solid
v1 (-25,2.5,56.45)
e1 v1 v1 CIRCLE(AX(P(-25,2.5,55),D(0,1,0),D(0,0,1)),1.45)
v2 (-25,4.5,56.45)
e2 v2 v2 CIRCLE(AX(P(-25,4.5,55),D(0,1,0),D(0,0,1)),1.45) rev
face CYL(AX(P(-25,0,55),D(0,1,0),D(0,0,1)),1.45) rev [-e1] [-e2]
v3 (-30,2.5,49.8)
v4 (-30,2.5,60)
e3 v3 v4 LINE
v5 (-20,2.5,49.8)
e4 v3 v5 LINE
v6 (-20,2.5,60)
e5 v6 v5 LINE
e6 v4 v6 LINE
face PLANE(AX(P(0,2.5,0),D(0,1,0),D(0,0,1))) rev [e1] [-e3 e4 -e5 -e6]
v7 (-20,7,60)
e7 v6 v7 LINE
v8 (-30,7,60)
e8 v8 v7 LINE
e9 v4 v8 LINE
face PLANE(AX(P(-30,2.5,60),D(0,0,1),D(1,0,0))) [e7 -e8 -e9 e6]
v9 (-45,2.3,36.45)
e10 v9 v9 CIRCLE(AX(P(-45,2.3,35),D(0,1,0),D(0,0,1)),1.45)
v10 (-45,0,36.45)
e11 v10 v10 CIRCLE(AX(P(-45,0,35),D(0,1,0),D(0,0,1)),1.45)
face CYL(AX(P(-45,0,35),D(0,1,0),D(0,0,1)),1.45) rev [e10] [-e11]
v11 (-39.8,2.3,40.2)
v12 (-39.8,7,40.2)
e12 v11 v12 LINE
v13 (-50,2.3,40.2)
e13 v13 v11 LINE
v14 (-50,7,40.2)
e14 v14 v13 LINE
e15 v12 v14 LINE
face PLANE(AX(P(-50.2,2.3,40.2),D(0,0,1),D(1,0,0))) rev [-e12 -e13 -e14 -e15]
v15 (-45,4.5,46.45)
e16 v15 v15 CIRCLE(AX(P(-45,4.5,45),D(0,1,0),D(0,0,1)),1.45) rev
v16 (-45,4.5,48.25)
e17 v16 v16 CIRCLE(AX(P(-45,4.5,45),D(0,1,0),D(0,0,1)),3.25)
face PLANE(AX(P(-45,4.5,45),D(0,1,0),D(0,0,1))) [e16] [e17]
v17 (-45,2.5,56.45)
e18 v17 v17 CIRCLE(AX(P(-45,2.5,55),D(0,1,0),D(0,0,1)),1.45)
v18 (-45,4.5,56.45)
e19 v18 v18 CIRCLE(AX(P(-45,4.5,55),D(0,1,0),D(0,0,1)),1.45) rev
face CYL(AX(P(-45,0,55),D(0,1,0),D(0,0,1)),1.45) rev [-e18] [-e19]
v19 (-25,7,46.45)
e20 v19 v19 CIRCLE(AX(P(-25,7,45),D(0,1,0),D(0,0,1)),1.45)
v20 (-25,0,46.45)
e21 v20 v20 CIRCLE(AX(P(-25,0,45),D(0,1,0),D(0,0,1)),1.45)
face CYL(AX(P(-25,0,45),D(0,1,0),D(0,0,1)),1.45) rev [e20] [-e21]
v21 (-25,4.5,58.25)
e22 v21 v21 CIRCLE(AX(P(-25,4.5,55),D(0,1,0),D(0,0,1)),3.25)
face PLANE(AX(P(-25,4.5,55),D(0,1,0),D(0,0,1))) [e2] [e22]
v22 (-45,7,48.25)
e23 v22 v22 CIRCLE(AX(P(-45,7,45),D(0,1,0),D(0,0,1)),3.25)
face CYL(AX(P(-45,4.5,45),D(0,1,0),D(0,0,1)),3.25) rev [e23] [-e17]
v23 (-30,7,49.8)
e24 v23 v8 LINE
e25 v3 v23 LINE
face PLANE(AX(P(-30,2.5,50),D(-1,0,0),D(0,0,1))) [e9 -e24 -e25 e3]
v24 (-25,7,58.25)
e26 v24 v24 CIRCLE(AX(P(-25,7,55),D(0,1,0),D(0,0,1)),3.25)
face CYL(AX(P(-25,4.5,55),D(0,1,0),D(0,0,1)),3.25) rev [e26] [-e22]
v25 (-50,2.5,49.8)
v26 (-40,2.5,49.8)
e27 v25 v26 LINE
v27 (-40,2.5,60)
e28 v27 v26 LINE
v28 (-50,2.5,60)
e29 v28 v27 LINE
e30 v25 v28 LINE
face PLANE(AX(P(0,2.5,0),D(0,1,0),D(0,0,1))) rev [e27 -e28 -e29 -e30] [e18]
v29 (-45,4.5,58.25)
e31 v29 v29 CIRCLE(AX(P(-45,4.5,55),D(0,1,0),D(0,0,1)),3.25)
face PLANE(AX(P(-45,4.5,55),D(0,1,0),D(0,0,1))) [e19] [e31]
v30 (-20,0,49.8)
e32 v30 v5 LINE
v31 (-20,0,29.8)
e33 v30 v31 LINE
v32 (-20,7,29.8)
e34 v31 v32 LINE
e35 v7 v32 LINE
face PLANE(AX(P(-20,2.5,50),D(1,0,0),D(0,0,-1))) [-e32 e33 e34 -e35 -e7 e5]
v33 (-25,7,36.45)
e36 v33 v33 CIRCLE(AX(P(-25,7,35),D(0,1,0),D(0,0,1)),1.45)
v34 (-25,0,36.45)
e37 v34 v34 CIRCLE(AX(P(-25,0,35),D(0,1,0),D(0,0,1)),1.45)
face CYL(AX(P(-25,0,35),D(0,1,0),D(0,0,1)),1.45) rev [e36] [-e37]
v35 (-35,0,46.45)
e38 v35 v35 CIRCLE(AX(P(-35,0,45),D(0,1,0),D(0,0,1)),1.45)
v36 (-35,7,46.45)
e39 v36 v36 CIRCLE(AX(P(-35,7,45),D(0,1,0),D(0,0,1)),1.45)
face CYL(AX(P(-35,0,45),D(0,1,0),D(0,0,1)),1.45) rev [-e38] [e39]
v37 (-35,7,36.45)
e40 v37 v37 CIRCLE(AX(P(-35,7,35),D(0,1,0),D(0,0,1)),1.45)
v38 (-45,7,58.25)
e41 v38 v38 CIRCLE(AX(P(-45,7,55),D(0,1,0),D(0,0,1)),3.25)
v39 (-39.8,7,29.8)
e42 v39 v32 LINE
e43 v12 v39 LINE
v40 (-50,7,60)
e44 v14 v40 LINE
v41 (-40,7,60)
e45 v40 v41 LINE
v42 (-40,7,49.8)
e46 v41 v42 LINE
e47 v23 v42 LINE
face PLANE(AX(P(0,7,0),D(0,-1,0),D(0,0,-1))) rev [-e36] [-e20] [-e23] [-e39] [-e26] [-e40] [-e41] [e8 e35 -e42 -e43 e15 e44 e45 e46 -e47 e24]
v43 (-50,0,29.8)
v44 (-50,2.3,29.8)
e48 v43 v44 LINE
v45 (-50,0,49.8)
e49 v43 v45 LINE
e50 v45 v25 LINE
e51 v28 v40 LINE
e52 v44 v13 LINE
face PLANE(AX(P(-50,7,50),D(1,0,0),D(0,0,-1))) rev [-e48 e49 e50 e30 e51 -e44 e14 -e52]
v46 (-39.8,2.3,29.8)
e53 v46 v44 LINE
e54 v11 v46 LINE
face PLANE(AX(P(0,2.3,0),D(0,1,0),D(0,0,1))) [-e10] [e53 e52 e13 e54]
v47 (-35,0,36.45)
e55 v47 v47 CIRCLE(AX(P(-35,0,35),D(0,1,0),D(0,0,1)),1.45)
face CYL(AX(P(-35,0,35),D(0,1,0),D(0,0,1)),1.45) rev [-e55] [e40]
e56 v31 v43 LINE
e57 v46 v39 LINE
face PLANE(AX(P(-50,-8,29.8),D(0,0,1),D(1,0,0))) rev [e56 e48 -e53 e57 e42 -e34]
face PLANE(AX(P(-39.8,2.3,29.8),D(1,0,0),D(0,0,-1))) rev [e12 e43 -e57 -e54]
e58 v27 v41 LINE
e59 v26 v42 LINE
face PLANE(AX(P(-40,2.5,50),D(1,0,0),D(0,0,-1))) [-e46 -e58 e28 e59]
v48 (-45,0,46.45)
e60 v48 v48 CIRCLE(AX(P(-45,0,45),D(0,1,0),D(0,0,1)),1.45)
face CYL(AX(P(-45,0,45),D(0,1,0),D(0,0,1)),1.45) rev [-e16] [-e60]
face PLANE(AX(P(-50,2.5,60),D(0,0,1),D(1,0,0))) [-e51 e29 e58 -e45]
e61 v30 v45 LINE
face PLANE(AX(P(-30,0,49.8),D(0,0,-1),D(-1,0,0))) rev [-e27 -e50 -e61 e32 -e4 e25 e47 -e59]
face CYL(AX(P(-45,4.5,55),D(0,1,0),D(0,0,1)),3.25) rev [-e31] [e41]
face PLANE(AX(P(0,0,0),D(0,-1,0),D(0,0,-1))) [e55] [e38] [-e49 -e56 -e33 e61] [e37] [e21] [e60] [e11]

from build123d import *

# Parameters (mm, degrees)
CROQUIS1_W              = 100
CROQUIS1_H              = 100
SALIENTE_EXTRUIR1_DEPTH = 7
CROQUIS2_W              = 10.4
CROQUIS2_H              = 10.4
CORTAR_EXTRUIR1_DEPTH   = 4.7
CROQUIS3_W              = 10
CROQUIS3_H              = 10
SALIENTE_EXTRUIR2_DEPTH = 4.5
CROQUIS4_R              = 1.45
CORTAR_EXTRUIR2_DEPTH   = 7
CROQUIS5_R              = 3.25
CORTAR_EXTRUIR4_DEPTH   = 2.5
CROQUIS6_W              = 10
CROQUIS6_H              = 0.2
CROQUIS6_W_2            = 0.2
CROQUIS6_H_2            = 9.8
CORTAR_EXTRUIR5_DEPTH   = 7
CROQUIS8_W              = 10.2
CROQUIS8_H              = 10
CORTAR_EXTRUIR7_DEPTH   = 7
CROQUIS9_W              = 10.012239445
CROQUIS9_H              = 0.2
CROQUIS9_W_2            = 0.2
CROQUIS9_H_2            = 10.2
CORTAR_EXTRUIR9_DEPTH   = 2.5
CROQUIS10_W             = 0.2
CROQUIS10_H             = 0.2
CORTAR_EXTRUIR11_DEPTH  = 5
CORTAR_EXTRUIR13_DEPTH  = 15


with BuildPart() as part:
    # Croquis1 → Saliente-Extruir1 (new body)
    with BuildSketch(Plane(origin=(0, 0, 0), x_dir=(1, 0, 0), z_dir=(0, 1, 0))):
        Rectangle(CROQUIS1_W, CROQUIS1_H)
    extrude(amount=SALIENTE_EXTRUIR1_DEPTH)

    # Croquis2 → Cortar-Extruir1 (cut)
    with BuildSketch(Plane(origin=(0, 7, 0), x_dir=(1, 0, 0), z_dir=(0, 1, 0))):
        with Locations((-45, 45)):
            Rectangle(CROQUIS2_W, CROQUIS2_H)
        with Locations((-25, 45)):
            Rectangle(CROQUIS2_W, CROQUIS2_H)
        with Locations((-5, 45)):
            Rectangle(CROQUIS2_W, CROQUIS2_H)
        with Locations((15, 45)):
            Rectangle(CROQUIS2_W, CROQUIS2_H)
        with Locations((35, 45)):
            Rectangle(CROQUIS2_W, CROQUIS2_H)
        with Locations((-45, 25)):
            Rectangle(CROQUIS2_W, CROQUIS2_H)
        with Locations((-45, 5)):
            Rectangle(CROQUIS2_W, CROQUIS2_H)
        with Locations((-45, -15)):
            Rectangle(CROQUIS2_W, CROQUIS2_H)
        with Locations((-45, -35)):
            Rectangle(CROQUIS2_W, CROQUIS2_H)
    extrude(amount=-CORTAR_EXTRUIR1_DEPTH, mode=Mode.SUBTRACT)

    # Croquis3 → Saliente-Extruir2 (add)
    with BuildSketch(Plane(origin=(0, 7, 0), x_dir=(1, 0, 0), z_dir=(0, 1, 0))):
        with Locations((55, 25)):
            Rectangle(CROQUIS3_W, CROQUIS3_H)
        with Locations((55, 45)):
            Rectangle(CROQUIS3_W, CROQUIS3_H)
        with Locations((55, 5)):
            Rectangle(CROQUIS3_W, CROQUIS3_H)
        with Locations((55, -15)):
            Rectangle(CROQUIS3_W, CROQUIS3_H)
        with Locations((55, -35)):
            Rectangle(CROQUIS3_W, CROQUIS3_H)
        with Locations((-25, -55)):
            Rectangle(CROQUIS3_W, CROQUIS3_H)
        with Locations((-45, -55)):
            Rectangle(CROQUIS3_W, CROQUIS3_H)
        with Locations((-5, -55)):
            Rectangle(CROQUIS3_W, CROQUIS3_H)
        with Locations((15, -55)):
            Rectangle(CROQUIS3_W, CROQUIS3_H)
        with Locations((35, -55)):
            Rectangle(CROQUIS3_W, CROQUIS3_H)
    extrude(amount=-SALIENTE_EXTRUIR2_DEPTH)

    # Croquis4 → Cortar-Extruir2 (cut)
    with BuildSketch(Plane(origin=(0, 7, 0), x_dir=(1, 0, 0), z_dir=(0, 1, 0))):
        with Locations(Location((-45, 45, 0), (0, 0, 270))):
            Circle(CROQUIS4_R)
        with Locations(Location((-35, 45, 0), (0, 0, 270))):
            Circle(CROQUIS4_R)
        with Locations(Location((-25, 45, 0), (0, 0, 270))):
            Circle(CROQUIS4_R)
        with Locations(Location((-15, 45, 0), (0, 0, 270))):
            Circle(CROQUIS4_R)
        with Locations(Location((-5, 45, 0), (0, 0, 270))):
            Circle(CROQUIS4_R)
        with Locations(Location((5, 45, 0), (0, 0, 270))):
            Circle(CROQUIS4_R)
        with Locations(Location((15, 45, 0), (0, 0, 270))):
            Circle(CROQUIS4_R)
        with Locations(Location((25, 45, 0), (0, 0, 270))):
            Circle(CROQUIS4_R)
        with Locations(Location((35, 45, 0), (0, 0, 270))):
            Circle(CROQUIS4_R)
        with Locations(Location((45, 45, 0), (0, 0, 270))):
            Circle(CROQUIS4_R)
        with Locations(Location((55, 45, 0), (0, 0, 270))):
            Circle(CROQUIS4_R)
        with Locations(Location((-35, 35, 0), (0, 0, 270))):
            Circle(CROQUIS4_R)
        with Locations(Location((-25, 35, 0), (0, 0, 270))):
            Circle(CROQUIS4_R)
        with Locations(Location((-15, 35, 0), (0, 0, 270))):
            Circle(CROQUIS4_R)
        with Locations(Location((-5, 35, 0), (0, 0, 270))):
            Circle(CROQUIS4_R)
        with Locations(Location((5, 35, 0), (0, 0, 270))):
            Circle(CROQUIS4_R)
        with Locations(Location((15, 35, 0), (0, 0, 270))):
            Circle(CROQUIS4_R)
        with Locations(Location((25, 35, 0), (0, 0, 270))):
            Circle(CROQUIS4_R)
        with Locations(Location((35, 35, 0), (0, 0, 270))):
            Circle(CROQUIS4_R)
        with Locations(Location((45, 35, 0), (0, 0, 270))):
            Circle(CROQUIS4_R)
        with Locations((55, 35)):
            Circle(CROQUIS4_R)
        with Locations(Location((-35, 25, 0), (0, 0, 270))):
            Circle(CROQUIS4_R)
        with Locations(Location((-25, 25, 0), (0, 0, 270))):
            Circle(CROQUIS4_R)
        with Locations(Location((-15, 25, 0), (0, 0, 270))):
            Circle(CROQUIS4_R)
        with Locations(Location((-5, 25, 0), (0, 0, 270))):
            Circle(CROQUIS4_R)
        with Locations(Location((5, 25, 0), (0, 0, 270))):
            Circle(CROQUIS4_R)
        with Locations(Location((15, 25, 0), (0, 0, 270))):
            Circle(CROQUIS4_R)
        with Locations(Location((25, 25, 0), (0, 0, 270))):
            Circle(CROQUIS4_R)
        with Locations(Location((35, 25, 0), (0, 0, 270))):
            Circle(CROQUIS4_R)
        with Locations(Location((45, 25, 0), (0, 0, 270))):
            Circle(CROQUIS4_R)
        with Locations(Location((55, 25, 0), (0, 0, 270))):
            Circle(CROQUIS4_R)
        with Locations(Location((-35, 15, 0), (0, 0, 270))):
            Circle(CROQUIS4_R)
        with Locations(Location((-25, 15, 0), (0, 0, 270))):
            Circle(CROQUIS4_R)
        with Locations(Location((-15, 15, 0), (0, 0, 270))):
            Circle(CROQUIS4_R)
        with Locations(Location((-5, 15, 0), (0, 0, 270))):
            Circle(CROQUIS4_R)
        with Locations(Location((5, 15, 0), (0, 0, 270))):
            Circle(CROQUIS4_R)
        with Locations(Location((15, 15, 0), (0, 0, 270))):
            Circle(CROQUIS4_R)
        with Locations(Location((25, 15, 0), (0, 0, 270))):
            Circle(CROQUIS4_R)
        with Locations(Location((35, 15, 0), (0, 0, 270))):
            Circle(CROQUIS4_R)
        with Locations(Location((45, 15, 0), (0, 0, 270))):
            Circle(CROQUIS4_R)
        with Locations((55, 15)):
            Circle(CROQUIS4_R)
        with Locations(Location((-35, 5, 0), (0, 0, 270))):
            Circle(CROQUIS4_R)
        with Locations(Location((-25, 5, 0), (0, 0, 270))):
            Circle(CROQUIS4_R)
        with Locations(Location((-15, 5, 0), (0, 0, 270))):
            Circle(CROQUIS4_R)
        with Locations(Location((-5, 5, 0), (0, 0, 270))):
            Circle(CROQUIS4_R)
        with Locations(Location((5, 5, 0), (0, 0, 270))):
            Circle(CROQUIS4_R)
        with Locations(Location((15, 5, 0), (0, 0, 270))):
            Circle(CROQUIS4_R)
        with Locations(Location((25, 5, 0), (0, 0, 270))):
            Circle(CROQUIS4_R)
        with Locations(Location((35, 5, 0), (0, 0, 270))):
            Circle(CROQUIS4_R)
        with Locations(Location((45, 5, 0), (0, 0, 270))):
            Circle(CROQUIS4_R)
        with Locations(Location((55, 5, 0), (0, 0, 270))):
            Circle(CROQUIS4_R)
        with Locations(Location((-35, -5, 0), (0, 0, 270))):
            Circle(CROQUIS4_R)
        with Locations(Location((-25, -5, 0), (0, 0, 270))):
            Circle(CROQUIS4_R)
        with Locations(Location((-15, -5, 0), (0, 0, 270))):
            Circle(CROQUIS4_R)
        with Locations(Location((-5, -5, 0), (0, 0, 270))):
            Circle(CROQUIS4_R)
        with Locations(Location((5, -5, 0), (0, 0, 270))):
            Circle(CROQUIS4_R)
        with Locations(Location((15, -5, 0), (0, 0, 270))):
            Circle(CROQUIS4_R)
        with Locations(Location((25, -5, 0), (0, 0, 270))):
            Circle(CROQUIS4_R)
        with Locations(Location((35, -5, 0), (0, 0, 270))):
            Circle(CROQUIS4_R)
        with Locations(Location((45, -5, 0), (0, 0, 270))):
            Circle(CROQUIS4_R)
        with Locations((55, -5)):
            Circle(CROQUIS4_R)
        with Locations(Location((-35, -15, 0), (0, 0, 270))):
            Circle(CROQUIS4_R)
        with Locations(Location((-25, -15, 0), (0, 0, 270))):
            Circle(CROQUIS4_R)
        with Locations(Location((-15, -15, 0), (0, 0, 270))):
            Circle(CROQUIS4_R)
        with Locations(Location((-5, -15, 0), (0, 0, 270))):
            Circle(CROQUIS4_R)
        with Locations(Location((5, -15, 0), (0, 0, 270))):
            Circle(CROQUIS4_R)
        with Locations(Location((15, -15, 0), (0, 0, 270))):
            Circle(CROQUIS4_R)
        with Locations(Location((25, -15, 0), (0, 0, 270))):
            Circle(CROQUIS4_R)
        with Locations(Location((35, -15, 0), (0, 0, 270))):
            Circle(CROQUIS4_R)
        with Locations(Location((45, -15, 0), (0, 0, 270))):
            Circle(CROQUIS4_R)
        with Locations(Location((55, -15, 0), (0, 0, 270))):
            Circle(CROQUIS4_R)
        with Locations(Location((-35, -25, 0), (0, 0, 270))):
            Circle(CROQUIS4_R)
        with Locations(Location((-25, -25, 0), (0, 0, 270))):
            Circle(CROQUIS4_R)
        with Locations(Location((-15, -25, 0), (0, 0, 270))):
            Circle(CROQUIS4_R)
        with Locations(Location((-5, -25, 0), (0, 0, 270))):
            Circle(CROQUIS4_R)
        with Locations(Location((5, -25, 0), (0, 0, 270))):
            Circle(CROQUIS4_R)
        with Locations(Location((15, -25, 0), (0, 0, 270))):
            Circle(CROQUIS4_R)
        with Locations(Location((25, -25, 0), (0, 0, 270))):
            Circle(CROQUIS4_R)
        with Locations(Location((35, -25, 0), (0, 0, 270))):
            Circle(CROQUIS4_R)
        with Locations(Location((45, -25, 0), (0, 0, 270))):
            Circle(CROQUIS4_R)
        with Locations((55, -25)):
            Circle(CROQUIS4_R)
        with Locations(Location((-35, -35, 0), (0, 0, 270))):
            Circle(CROQUIS4_R)
        with Locations(Location((-25, -35, 0), (0, 0, 270))):
            Circle(CROQUIS4_R)
        with Locations(Location((-15, -35, 0), (0, 0, 270))):
            Circle(CROQUIS4_R)
        with Locations(Location((-5, -35, 0), (0, 0, 270))):
            Circle(CROQUIS4_R)
        with Locations(Location((5, -35, 0), (0, 0, 270))):
            Circle(CROQUIS4_R)
        with Locations(Location((15, -35, 0), (0, 0, 270))):
            Circle(CROQUIS4_R)
        with Locations(Location((25, -35, 0), (0, 0, 270))):
            Circle(CROQUIS4_R)
        with Locations(Location((35, -35, 0), (0, 0, 270))):
            Circle(CROQUIS4_R)
        with Locations(Location((45, -35, 0), (0, 0, 270))):
            Circle(CROQUIS4_R)
        with Locations(Location((55, -35, 0), (0, 0, 270))):
            Circle(CROQUIS4_R)
        with Locations(Location((-35, -45, 0), (0, 0, 270))):
            Circle(CROQUIS4_R)
        with Locations(Location((-25, -45, 0), (0, 0, 270))):
            Circle(CROQUIS4_R)
        with Locations(Location((-15, -45, 0), (0, 0, 270))):
            Circle(CROQUIS4_R)
        with Locations(Location((-5, -45, 0), (0, 0, 270))):
            Circle(CROQUIS4_R)
        with Locations(Location((5, -45, 0), (0, 0, 270))):
            Circle(CROQUIS4_R)
        with Locations(Location((15, -45, 0), (0, 0, 270))):
            Circle(CROQUIS4_R)
        with Locations(Location((25, -45, 0), (0, 0, 270))):
            Circle(CROQUIS4_R)
        with Locations(Location((35, -45, 0), (0, 0, 270))):
            Circle(CROQUIS4_R)
        with Locations(Location((45, -45, 0), (0, 0, 270))):
            Circle(CROQUIS4_R)
        with Locations((55, -45)):
            Circle(CROQUIS4_R)
        with Locations((-35, -55)):
            Circle(CROQUIS4_R)
        with Locations(Location((-25, -55, 0), (0, 0, 270))):
            Circle(CROQUIS4_R)
        with Locations((-15, -55)):
            Circle(CROQUIS4_R)
        with Locations(Location((-5, -55, 0), (0, 0, 270))):
            Circle(CROQUIS4_R)
        with Locations((5, -55)):
            Circle(CROQUIS4_R)
        with Locations(Location((15, -55, 0), (0, 0, 270))):
            Circle(CROQUIS4_R)
        with Locations((25, -55)):
            Circle(CROQUIS4_R)
        with Locations(Location((35, -55, 0), (0, 0, 270))):
            Circle(CROQUIS4_R)
        with Locations((45, -55)):
            Circle(CROQUIS4_R)
        with Locations((55, -55)):
            Circle(CROQUIS4_R)
        with Locations(Location((-45, 35, 0), (0, 0, 270))):
            Circle(CROQUIS4_R)
        with Locations(Location((-45, 25, 0), (0, 0, 270))):
            Circle(CROQUIS4_R)
        with Locations(Location((-45, 15, 0), (0, 0, 270))):
            Circle(CROQUIS4_R)
        with Locations(Location((-45, 5, 0), (0, 0, 270))):
            Circle(CROQUIS4_R)
        with Locations(Location((-45, -5, 0), (0, 0, 270))):
            Circle(CROQUIS4_R)
        with Locations(Location((-45, -15, 0), (0, 0, 270))):
            Circle(CROQUIS4_R)
        with Locations(Location((-45, -25, 0), (0, 0, 270))):
            Circle(CROQUIS4_R)
        with Locations(Location((-45, -35, 0), (0, 0, 270))):
            Circle(CROQUIS4_R)
        with Locations(Location((-45, -45, 0), (0, 0, 270))):
            Circle(CROQUIS4_R)
        with Locations(Location((-45, -55, 0), (0, 0, 270))):
            Circle(CROQUIS4_R)
    extrude(amount=-CORTAR_EXTRUIR2_DEPTH, mode=Mode.SUBTRACT)

    # Croquis5 → Cortar-Extruir4 (cut)
    with BuildSketch(Plane(origin=(0, 7, 0), x_dir=(1, 0, 0), z_dir=(0, 1, 0))):
        with Locations((-45, 45)):
            Circle(CROQUIS5_R)
        with Locations(Location((-35, 45, 0), (0, 0, 270))):
            Circle(CROQUIS5_R)
        with Locations((-25, 45)):
            Circle(CROQUIS5_R)
        with Locations(Location((-15, 45, 0), (0, 0, 270))):
            Circle(CROQUIS5_R)
        with Locations((-5, 45)):
            Circle(CROQUIS5_R)
        with Locations(Location((5, 45, 0), (0, 0, 270))):
            Circle(CROQUIS5_R)
        with Locations((15, 45)):
            Circle(CROQUIS5_R)
        with Locations(Location((25, 45, 0), (0, 0, 270))):
            Circle(CROQUIS5_R)
        with Locations((35, 45)):
            Circle(CROQUIS5_R)
        with Locations(Location((45, 45, 0), (0, 0, 270))):
            Circle(CROQUIS5_R)
        with Locations(Location((55, 45, 0), (0, 0, 270))):
            Circle(CROQUIS5_R)
        with Locations((55, 35)):
            Circle(CROQUIS5_R)
        with Locations(Location((55, 25, 0), (0, 0, 270))):
            Circle(CROQUIS5_R)
        with Locations((55, 15)):
            Circle(CROQUIS5_R)
        with Locations(Location((55, 5, 0), (0, 0, 270))):
            Circle(CROQUIS5_R)
        with Locations((55, -5)):
            Circle(CROQUIS5_R)
        with Locations(Location((55, -15, 0), (0, 0, 270))):
            Circle(CROQUIS5_R)
        with Locations((55, -25)):
            Circle(CROQUIS5_R)
        with Locations(Location((55, -35, 0), (0, 0, 270))):
            Circle(CROQUIS5_R)
        with Locations((55, -45)):
            Circle(CROQUIS5_R)
        with Locations((-35, -55)):
            Circle(CROQUIS5_R)
        with Locations(Location((-25, -55, 0), (0, 0, 270))):
            Circle(CROQUIS5_R)
        with Locations((-15, -55)):
            Circle(CROQUIS5_R)
        with Locations(Location((-5, -55, 0), (0, 0, 270))):
            Circle(CROQUIS5_R)
        with Locations((5, -55)):
            Circle(CROQUIS5_R)
        with Locations(Location((15, -55, 0), (0, 0, 270))):
            Circle(CROQUIS5_R)
        with Locations((25, -55)):
            Circle(CROQUIS5_R)
        with Locations(Location((35, -55, 0), (0, 0, 270))):
            Circle(CROQUIS5_R)
        with Locations((45, -55)):
            Circle(CROQUIS5_R)
        with Locations((55, -55)):
            Circle(CROQUIS5_R)
        with Locations(Location((-45, 35, 0), (0, 0, 270))):
            Circle(CROQUIS5_R)
        with Locations((-45, 25)):
            Circle(CROQUIS5_R)
        with Locations(Location((-45, 15, 0), (0, 0, 270))):
            Circle(CROQUIS5_R)
        with Locations((-45, 5)):
            Circle(CROQUIS5_R)
        with Locations(Location((-45, -5, 0), (0, 0, 270))):
            Circle(CROQUIS5_R)
        with Locations((-45, -15)):
            Circle(CROQUIS5_R)
        with Locations(Location((-45, -25, 0), (0, 0, 270))):
            Circle(CROQUIS5_R)
        with Locations((-45, -35)):
            Circle(CROQUIS5_R)
        with Locations(Location((-45, -45, 0), (0, 0, 270))):
            Circle(CROQUIS5_R)
        with Locations(Location((-45, -55, 0), (0, 0, 270))):
            Circle(CROQUIS5_R)
    extrude(amount=-CORTAR_EXTRUIR4_DEPTH, mode=Mode.SUBTRACT)

    # Croquis6 → Cortar-Extruir5 (cut)
    with BuildSketch(Plane(origin=(0, 7, 0), x_dir=(1, 0, 0), z_dir=(0, 1, 0))):
        Polygon((50, -50), (40, -50), (40, -49.8), (49.8, -49.8), (49.8, -40), (50, -40), (50, -49.8), align=None)
        with Locations((25, -49.9)):
            Rectangle(CROQUIS6_W, CROQUIS6_H)
        with Locations((5, -49.9)):
            Rectangle(CROQUIS6_W, CROQUIS6_H)
        with Locations((-15, -49.9)):
            Rectangle(CROQUIS6_W, CROQUIS6_H)
        with Locations((-35, -49.9)):
            Rectangle(CROQUIS6_W, CROQUIS6_H)
        with Locations((49.9, -24.9)):
            Rectangle(CROQUIS6_W_2, CROQUIS6_H_2)
        with Locations((49.9, -4.9)):
            Rectangle(CROQUIS6_W_2, CROQUIS6_H_2)
        with Locations((49.9, 15.1)):
            Rectangle(CROQUIS6_W_2, CROQUIS6_H_2)
        with Locations((49.9, 35.1)):
            Rectangle(CROQUIS6_W_2, CROQUIS6_H_2)
    extrude(amount=-CORTAR_EXTRUIR5_DEPTH, mode=Mode.SUBTRACT)

    # Croquis8 → Cortar-Extruir7 (cut)
    with BuildSketch(Plane(origin=(0, 7, 0), x_dir=(1, 0, 0), z_dir=(0, 1, 0))):
        with Locations((54.9, 45)):
            Rectangle(CROQUIS8_W, CROQUIS8_H)
    extrude(amount=-CORTAR_EXTRUIR7_DEPTH, mode=Mode.SUBTRACT)

    # Croquis9 → Cortar-Extruir9 (cut)
    with BuildSketch(Plane.XZ):
        with Locations((-45.006119723, 49.9)):
            Rectangle(CROQUIS9_W, CROQUIS9_H)
        with Locations((-25.006119723, 49.9)):
            Rectangle(CROQUIS9_W, CROQUIS9_H)
        with Locations((-5.006119723, 49.9)):
            Rectangle(CROQUIS9_W, CROQUIS9_H)
        with Locations((14.993880278, 49.9)):
            Rectangle(CROQUIS9_W, CROQUIS9_H)
        with Locations((34.993880277, 49.9)):
            Rectangle(CROQUIS9_W, CROQUIS9_H)
        with Locations((49.9, -25.1)):
            Rectangle(CROQUIS9_W_2, CROQUIS9_H_2)
        with Locations((49.9, -5.1)):
            Rectangle(CROQUIS9_W_2, CROQUIS9_H_2)
        with Locations((49.9, 14.9)):
            Rectangle(CROQUIS9_W_2, CROQUIS9_H_2)
        with Locations((49.9, 34.9)):
            Rectangle(CROQUIS9_W_2, CROQUIS9_H_2)
    extrude(amount=-CORTAR_EXTRUIR9_DEPTH, mode=Mode.SUBTRACT)

    # Croquis10 → Cortar-Extruir11 (cut)
    with BuildSketch(Plane.XZ.offset(-2.5)):
        with Locations((49.9, 29.9)):
            Rectangle(CROQUIS10_W, CROQUIS10_H)
        with Locations((49.9, 9.9)):
            Rectangle(CROQUIS10_W, CROQUIS10_H)
        with Locations((49.9, -10.1)):
            Rectangle(CROQUIS10_W, CROQUIS10_H)
        with Locations((49.9, -30.1)):
            Rectangle(CROQUIS10_W, CROQUIS10_H)
    extrude(amount=-CORTAR_EXTRUIR11_DEPTH, mode=Mode.SUBTRACT)

    # Croquis11 → Cortar-Extruir13 (cut)
    with BuildSketch(Plane(origin=(0, 7, 0), x_dir=(1, 0, 0), z_dir=(0, 1, 0))):
        Polygon((-50, -29.8), (-20, -29.8), (-20, -60), (69.821086469, -60), (69.821086469, -29.8), (69.821086469, 55.315062569), (-50, 55.315062569), align=None)
    extrude(amount=-CORTAR_EXTRUIR13_DEPTH, mode=Mode.SUBTRACT)


solid = part.part
